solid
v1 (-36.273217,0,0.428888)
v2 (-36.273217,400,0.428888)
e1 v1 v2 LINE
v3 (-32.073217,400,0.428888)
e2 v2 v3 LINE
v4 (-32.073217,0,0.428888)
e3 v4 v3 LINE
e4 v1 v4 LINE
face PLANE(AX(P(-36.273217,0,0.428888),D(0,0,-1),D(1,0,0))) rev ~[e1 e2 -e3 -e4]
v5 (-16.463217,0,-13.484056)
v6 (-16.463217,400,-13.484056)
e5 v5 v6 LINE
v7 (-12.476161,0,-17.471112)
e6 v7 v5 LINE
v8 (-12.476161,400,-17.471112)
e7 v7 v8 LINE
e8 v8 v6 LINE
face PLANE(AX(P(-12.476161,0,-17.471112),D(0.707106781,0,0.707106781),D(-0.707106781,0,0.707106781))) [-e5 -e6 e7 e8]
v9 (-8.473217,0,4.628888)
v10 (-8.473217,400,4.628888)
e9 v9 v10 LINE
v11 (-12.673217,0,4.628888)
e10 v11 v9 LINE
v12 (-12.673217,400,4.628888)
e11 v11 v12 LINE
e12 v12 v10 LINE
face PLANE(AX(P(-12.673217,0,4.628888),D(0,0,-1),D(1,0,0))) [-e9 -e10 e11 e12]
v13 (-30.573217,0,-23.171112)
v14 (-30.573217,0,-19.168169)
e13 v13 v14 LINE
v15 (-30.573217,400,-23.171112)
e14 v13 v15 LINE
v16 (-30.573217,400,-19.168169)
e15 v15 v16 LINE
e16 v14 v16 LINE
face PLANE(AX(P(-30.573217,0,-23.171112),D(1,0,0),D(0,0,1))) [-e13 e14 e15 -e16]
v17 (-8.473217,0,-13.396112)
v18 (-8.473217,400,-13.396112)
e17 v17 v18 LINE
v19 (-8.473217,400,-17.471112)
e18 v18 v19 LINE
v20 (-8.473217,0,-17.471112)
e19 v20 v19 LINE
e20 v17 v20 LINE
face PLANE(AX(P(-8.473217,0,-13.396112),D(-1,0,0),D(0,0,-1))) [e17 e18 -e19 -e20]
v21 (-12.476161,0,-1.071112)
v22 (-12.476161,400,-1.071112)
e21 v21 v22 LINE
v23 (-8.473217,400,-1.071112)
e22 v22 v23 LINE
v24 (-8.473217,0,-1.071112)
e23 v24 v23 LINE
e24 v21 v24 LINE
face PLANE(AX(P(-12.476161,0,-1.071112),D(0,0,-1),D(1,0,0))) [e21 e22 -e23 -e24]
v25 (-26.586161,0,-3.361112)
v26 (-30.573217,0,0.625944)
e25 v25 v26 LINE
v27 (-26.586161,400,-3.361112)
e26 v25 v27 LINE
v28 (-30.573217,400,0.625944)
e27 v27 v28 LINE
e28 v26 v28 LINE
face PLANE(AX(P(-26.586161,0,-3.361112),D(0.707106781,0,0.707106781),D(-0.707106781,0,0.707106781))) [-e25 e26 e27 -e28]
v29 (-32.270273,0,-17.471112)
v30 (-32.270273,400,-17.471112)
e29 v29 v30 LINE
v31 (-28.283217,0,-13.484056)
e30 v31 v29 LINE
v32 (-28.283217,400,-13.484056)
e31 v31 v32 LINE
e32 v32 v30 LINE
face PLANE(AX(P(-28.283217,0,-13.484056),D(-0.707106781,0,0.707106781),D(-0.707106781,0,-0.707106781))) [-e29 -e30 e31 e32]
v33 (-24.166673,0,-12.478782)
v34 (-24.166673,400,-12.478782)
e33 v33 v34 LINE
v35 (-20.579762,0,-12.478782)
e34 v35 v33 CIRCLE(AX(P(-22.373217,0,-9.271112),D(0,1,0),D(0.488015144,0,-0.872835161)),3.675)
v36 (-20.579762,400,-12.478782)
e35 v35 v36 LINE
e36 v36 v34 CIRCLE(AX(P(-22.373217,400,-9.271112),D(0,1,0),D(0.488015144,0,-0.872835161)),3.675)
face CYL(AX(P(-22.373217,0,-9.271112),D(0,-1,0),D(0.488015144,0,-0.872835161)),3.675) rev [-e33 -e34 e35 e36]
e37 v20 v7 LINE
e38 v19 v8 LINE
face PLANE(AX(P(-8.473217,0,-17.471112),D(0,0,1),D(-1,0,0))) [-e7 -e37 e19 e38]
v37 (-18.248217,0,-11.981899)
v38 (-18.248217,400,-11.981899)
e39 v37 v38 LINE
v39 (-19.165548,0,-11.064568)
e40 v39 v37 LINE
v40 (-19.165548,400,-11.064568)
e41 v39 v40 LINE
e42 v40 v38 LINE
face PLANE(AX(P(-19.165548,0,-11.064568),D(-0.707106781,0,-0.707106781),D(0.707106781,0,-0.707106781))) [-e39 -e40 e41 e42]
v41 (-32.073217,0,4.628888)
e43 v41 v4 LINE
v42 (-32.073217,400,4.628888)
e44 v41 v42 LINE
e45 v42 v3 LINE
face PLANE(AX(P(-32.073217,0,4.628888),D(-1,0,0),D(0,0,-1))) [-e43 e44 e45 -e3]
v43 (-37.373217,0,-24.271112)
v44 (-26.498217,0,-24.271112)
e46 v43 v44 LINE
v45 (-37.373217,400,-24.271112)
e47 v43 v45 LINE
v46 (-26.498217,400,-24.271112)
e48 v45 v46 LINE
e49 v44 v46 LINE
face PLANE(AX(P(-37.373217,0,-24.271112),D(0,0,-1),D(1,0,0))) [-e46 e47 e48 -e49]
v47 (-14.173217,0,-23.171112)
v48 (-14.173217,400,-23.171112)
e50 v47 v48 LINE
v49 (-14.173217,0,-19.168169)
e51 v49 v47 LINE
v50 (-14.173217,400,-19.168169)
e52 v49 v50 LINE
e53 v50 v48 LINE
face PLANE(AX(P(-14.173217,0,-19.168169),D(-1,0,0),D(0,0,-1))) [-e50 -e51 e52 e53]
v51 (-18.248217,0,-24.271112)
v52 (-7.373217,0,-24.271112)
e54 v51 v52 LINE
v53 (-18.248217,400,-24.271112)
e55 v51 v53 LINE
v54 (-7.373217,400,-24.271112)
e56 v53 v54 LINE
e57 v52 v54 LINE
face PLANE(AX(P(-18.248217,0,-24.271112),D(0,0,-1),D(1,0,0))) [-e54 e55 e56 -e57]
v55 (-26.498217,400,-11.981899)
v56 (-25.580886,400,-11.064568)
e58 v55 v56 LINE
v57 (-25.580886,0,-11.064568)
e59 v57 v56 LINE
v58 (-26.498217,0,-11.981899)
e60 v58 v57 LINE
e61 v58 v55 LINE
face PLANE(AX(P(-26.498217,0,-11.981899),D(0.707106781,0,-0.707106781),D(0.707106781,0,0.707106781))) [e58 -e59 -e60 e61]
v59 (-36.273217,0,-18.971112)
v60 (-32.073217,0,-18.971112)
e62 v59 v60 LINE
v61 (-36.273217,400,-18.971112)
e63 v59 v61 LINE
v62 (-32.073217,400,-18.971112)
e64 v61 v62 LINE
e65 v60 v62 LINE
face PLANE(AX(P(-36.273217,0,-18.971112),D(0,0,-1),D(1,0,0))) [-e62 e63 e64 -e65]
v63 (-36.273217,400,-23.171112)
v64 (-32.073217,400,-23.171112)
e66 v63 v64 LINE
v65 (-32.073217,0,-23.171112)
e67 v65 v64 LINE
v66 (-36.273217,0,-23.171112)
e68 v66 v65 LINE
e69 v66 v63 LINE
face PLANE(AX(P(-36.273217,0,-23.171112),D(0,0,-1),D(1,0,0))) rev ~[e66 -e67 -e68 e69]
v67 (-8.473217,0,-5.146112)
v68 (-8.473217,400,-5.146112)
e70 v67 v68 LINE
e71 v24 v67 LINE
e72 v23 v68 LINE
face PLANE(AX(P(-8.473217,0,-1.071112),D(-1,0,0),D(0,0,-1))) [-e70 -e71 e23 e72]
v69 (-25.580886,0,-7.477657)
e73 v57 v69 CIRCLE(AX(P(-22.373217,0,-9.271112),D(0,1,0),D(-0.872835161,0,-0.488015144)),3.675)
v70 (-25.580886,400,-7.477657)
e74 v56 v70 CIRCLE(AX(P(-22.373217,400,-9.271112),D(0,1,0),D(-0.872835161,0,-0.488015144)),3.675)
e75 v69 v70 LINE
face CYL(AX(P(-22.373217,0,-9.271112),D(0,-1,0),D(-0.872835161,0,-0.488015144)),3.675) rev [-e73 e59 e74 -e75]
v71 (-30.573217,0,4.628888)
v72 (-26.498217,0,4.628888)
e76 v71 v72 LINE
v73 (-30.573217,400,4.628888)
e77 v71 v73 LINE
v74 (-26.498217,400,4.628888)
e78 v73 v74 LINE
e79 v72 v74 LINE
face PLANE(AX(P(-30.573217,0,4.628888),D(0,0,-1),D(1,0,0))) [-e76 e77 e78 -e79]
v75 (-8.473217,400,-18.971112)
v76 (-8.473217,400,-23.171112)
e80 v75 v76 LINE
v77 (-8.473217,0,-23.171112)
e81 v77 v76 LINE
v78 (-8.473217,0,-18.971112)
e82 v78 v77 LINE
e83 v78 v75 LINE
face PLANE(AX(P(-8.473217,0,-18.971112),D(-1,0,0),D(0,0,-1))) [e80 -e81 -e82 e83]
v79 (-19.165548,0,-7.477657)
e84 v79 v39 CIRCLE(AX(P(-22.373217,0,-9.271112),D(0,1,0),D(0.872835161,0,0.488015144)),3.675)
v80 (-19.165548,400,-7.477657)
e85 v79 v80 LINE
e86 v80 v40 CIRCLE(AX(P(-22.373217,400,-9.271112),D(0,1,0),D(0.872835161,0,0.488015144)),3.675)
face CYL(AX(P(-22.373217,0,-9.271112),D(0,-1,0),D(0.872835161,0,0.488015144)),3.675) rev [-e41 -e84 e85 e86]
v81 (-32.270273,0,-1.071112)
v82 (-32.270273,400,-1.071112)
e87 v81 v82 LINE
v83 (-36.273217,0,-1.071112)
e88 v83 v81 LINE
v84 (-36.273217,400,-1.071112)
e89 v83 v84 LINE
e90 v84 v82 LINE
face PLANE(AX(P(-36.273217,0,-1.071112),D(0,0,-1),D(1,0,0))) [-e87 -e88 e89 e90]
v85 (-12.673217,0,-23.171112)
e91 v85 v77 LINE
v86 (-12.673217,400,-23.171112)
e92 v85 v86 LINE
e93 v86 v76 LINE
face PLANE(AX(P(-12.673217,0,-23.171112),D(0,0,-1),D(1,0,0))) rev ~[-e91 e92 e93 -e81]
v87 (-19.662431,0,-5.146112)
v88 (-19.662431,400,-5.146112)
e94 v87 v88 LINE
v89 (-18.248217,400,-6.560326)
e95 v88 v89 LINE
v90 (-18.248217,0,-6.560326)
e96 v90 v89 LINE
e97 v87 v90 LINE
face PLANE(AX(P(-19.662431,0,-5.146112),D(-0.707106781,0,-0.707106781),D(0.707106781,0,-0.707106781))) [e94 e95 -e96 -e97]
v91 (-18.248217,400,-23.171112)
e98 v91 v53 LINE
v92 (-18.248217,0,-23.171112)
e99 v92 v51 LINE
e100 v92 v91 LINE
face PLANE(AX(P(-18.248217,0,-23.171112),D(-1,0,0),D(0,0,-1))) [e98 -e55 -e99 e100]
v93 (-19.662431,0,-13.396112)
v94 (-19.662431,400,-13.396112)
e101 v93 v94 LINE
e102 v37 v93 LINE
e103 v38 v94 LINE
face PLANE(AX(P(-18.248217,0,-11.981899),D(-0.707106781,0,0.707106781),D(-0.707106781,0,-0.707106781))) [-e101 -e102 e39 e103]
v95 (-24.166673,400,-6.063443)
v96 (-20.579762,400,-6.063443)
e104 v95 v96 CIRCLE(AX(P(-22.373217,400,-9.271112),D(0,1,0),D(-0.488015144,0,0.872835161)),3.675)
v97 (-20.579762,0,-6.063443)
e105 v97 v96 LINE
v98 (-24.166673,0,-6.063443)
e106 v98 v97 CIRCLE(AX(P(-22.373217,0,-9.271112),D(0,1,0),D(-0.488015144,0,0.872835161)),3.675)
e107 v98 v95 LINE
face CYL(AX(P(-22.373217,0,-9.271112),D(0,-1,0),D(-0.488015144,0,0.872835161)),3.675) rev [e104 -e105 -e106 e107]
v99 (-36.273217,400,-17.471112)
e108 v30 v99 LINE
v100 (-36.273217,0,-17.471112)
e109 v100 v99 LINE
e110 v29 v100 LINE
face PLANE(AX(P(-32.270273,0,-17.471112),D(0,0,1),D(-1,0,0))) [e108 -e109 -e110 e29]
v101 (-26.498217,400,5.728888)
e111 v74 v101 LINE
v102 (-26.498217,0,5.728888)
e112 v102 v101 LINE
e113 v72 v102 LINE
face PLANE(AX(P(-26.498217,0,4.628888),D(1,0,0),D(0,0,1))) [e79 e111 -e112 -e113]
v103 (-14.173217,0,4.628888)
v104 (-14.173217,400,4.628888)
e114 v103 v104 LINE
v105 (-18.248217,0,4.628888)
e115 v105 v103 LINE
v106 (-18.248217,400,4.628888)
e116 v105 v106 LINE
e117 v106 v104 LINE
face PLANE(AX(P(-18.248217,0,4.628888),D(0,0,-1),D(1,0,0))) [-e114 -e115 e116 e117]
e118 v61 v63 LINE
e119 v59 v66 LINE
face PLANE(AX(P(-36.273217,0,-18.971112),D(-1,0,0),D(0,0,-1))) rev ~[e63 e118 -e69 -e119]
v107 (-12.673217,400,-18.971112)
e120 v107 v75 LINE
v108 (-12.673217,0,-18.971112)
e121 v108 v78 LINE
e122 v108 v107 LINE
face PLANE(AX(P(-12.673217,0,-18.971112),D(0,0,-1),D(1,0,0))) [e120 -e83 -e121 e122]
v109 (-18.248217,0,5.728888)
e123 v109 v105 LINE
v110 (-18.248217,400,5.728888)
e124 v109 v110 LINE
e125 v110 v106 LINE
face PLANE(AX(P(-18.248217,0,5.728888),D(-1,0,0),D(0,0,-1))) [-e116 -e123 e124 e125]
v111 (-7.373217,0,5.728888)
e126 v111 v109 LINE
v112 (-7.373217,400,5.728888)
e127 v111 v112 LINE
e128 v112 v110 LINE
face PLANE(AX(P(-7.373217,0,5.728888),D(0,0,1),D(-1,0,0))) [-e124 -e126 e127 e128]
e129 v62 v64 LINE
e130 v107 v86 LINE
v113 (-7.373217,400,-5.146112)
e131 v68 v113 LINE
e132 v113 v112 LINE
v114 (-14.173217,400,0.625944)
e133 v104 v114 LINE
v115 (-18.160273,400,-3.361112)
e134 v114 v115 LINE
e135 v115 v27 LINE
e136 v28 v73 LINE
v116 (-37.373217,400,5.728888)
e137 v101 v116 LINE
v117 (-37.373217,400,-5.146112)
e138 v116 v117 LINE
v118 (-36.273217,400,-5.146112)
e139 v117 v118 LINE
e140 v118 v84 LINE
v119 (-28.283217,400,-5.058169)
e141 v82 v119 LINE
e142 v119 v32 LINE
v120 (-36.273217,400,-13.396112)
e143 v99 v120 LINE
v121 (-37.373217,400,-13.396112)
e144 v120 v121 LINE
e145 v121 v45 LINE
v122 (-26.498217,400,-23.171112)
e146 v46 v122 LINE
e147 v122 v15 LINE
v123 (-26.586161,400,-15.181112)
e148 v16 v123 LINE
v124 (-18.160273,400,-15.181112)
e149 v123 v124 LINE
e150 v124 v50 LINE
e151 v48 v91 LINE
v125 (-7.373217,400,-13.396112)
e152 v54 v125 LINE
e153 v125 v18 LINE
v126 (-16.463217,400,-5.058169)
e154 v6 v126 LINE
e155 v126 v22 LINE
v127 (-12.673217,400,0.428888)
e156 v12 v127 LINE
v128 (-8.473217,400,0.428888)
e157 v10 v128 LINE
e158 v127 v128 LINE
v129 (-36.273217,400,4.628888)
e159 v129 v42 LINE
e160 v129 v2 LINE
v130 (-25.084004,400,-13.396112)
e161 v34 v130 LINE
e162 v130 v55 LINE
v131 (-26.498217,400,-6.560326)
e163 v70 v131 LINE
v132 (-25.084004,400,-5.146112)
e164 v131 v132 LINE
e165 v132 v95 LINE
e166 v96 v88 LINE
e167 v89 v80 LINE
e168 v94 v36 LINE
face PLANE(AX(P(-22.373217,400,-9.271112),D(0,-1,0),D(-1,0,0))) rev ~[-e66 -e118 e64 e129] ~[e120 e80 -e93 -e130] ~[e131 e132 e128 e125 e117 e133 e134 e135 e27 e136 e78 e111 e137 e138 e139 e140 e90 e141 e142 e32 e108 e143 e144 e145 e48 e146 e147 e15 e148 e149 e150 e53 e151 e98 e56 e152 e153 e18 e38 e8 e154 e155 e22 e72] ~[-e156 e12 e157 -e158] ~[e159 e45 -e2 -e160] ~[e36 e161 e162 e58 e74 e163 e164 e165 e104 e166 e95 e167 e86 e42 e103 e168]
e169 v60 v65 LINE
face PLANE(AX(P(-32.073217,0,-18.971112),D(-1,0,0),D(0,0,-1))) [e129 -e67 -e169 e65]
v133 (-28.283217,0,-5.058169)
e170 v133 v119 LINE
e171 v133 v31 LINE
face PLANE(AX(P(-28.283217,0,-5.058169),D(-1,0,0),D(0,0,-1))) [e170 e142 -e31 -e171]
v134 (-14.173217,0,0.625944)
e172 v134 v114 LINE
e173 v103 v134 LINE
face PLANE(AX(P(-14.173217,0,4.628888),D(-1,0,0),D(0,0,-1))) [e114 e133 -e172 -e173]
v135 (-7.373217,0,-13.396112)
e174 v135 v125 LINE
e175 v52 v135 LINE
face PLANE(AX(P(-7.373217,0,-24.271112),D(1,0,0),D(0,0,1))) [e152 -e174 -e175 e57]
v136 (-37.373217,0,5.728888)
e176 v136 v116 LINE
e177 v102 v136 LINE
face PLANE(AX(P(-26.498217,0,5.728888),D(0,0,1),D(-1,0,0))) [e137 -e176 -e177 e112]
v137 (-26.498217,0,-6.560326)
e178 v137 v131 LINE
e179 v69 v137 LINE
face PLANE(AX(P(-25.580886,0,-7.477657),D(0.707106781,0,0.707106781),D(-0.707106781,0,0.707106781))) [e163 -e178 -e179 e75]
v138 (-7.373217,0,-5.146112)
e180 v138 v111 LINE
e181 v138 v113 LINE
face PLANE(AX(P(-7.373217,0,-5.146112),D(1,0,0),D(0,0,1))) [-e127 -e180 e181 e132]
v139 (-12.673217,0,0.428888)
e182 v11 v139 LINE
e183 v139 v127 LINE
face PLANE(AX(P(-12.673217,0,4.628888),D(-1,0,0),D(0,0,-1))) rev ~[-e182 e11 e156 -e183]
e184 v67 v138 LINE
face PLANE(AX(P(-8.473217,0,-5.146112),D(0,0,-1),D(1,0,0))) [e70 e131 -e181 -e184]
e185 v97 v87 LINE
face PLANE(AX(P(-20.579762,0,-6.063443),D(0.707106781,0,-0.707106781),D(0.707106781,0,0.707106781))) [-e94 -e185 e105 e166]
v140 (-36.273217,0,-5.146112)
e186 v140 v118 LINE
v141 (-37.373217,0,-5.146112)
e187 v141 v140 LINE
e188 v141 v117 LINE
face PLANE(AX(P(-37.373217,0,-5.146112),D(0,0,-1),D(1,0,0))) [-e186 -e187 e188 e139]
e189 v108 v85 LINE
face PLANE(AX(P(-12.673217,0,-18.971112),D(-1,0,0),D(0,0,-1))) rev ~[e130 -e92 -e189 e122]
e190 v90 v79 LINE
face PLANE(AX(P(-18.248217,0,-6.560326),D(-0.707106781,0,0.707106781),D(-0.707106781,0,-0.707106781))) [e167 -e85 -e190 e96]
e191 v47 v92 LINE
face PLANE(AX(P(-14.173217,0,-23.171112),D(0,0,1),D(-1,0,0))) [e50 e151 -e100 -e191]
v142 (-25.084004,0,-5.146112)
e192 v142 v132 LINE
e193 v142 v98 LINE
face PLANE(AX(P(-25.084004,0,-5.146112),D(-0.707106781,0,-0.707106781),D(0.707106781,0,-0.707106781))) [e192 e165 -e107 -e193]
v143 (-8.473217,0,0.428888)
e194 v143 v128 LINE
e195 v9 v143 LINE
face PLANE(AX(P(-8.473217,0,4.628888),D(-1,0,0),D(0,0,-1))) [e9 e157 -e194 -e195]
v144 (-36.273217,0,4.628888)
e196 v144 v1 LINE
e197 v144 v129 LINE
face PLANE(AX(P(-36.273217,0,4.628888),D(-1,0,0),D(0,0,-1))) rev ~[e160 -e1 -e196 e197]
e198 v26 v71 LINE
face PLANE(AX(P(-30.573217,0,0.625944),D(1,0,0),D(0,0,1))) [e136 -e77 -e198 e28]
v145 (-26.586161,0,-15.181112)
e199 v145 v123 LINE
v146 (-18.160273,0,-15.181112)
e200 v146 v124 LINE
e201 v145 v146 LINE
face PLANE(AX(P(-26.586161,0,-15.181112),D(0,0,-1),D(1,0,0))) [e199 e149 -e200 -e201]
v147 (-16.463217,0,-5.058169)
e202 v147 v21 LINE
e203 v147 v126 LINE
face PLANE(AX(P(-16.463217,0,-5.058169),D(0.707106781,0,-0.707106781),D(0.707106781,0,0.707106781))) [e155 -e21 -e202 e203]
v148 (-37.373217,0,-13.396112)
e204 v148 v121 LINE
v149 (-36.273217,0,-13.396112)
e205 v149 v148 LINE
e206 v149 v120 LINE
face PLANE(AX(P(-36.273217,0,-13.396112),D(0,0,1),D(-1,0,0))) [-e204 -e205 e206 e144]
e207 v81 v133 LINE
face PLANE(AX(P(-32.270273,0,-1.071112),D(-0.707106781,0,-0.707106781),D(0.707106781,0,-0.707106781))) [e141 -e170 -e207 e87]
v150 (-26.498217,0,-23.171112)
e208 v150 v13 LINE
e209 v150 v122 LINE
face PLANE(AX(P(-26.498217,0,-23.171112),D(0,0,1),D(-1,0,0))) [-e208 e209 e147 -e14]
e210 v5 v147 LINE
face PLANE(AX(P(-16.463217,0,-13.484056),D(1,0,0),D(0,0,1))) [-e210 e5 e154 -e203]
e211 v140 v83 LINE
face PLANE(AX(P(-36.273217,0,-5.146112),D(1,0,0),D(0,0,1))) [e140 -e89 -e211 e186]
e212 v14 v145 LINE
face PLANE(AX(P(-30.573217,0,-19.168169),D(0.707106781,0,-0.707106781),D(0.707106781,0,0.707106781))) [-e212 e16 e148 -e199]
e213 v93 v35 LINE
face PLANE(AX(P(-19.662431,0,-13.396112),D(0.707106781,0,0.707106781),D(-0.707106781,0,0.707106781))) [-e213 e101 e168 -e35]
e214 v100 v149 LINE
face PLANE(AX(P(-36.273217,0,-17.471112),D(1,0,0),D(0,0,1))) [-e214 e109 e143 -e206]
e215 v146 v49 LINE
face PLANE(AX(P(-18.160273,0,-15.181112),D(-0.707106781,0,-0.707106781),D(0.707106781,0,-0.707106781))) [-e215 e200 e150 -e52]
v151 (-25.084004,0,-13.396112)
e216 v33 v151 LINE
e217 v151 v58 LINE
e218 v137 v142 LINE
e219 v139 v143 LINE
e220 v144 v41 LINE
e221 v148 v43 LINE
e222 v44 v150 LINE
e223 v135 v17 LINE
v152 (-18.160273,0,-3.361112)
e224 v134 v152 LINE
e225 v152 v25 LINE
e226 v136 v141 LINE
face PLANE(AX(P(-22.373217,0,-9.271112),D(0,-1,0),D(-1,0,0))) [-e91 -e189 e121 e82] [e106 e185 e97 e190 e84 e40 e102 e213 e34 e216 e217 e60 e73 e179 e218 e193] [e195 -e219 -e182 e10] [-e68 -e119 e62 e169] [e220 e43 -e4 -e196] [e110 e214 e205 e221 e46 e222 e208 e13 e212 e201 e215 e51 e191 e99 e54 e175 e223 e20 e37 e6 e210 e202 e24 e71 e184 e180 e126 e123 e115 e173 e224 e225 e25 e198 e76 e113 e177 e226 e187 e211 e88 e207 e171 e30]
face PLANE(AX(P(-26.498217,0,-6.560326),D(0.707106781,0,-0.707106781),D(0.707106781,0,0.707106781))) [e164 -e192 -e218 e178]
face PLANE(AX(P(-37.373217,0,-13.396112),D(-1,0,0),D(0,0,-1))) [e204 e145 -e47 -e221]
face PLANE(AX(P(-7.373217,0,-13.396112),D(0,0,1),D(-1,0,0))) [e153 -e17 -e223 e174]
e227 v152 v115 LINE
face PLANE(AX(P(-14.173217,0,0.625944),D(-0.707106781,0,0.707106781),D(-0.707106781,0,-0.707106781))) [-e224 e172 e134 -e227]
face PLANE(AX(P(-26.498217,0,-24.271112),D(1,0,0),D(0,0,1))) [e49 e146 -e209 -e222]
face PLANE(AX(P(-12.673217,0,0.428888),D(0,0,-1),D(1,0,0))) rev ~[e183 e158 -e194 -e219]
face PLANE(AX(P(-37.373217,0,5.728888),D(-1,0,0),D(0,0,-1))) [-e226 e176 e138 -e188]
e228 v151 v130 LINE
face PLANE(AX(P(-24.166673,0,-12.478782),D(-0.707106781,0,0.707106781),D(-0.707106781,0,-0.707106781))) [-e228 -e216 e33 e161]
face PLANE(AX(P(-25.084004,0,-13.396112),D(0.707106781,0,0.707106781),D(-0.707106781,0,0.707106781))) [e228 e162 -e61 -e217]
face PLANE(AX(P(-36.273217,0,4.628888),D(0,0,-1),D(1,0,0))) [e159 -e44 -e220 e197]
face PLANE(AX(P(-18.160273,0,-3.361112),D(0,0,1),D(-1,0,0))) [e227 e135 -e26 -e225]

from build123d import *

# Parameters (mm, degrees)
CROQUIS2_W              = 4.2
CROQUIS2_H              = 4.2
SALIENTE_EXTRUIR1_DEPTH = 400


with BuildPart() as part:
    # Croquis2 → Saliente-Extruir1 (new body)
    with BuildSketch(Plane(origin=(0, 0, 0), x_dir=(1, 0, 0), z_dir=(0, 1, 0))):
        Polygon((-37.373217156, 24.271112291), (-26.498217156, 24.271112291), (-26.498217156, 23.171112291), (-30.573217156, 23.171112291), (-30.573217156, 19.168168566), (-26.586160881, 15.181112291), (-18.160273431, 15.181112291), (-14.173217156, 19.168168566), (-14.173217156, 23.171112291), (-18.248217156, 23.171112291), (-18.248217156, 24.271112291), (-7.373217156, 24.271112291), (-7.373217156, 13.396112291), (-8.473217156, 13.396112291), (-8.473217156, 17.471112291), (-12.476160881, 17.471112291), (-16.463217156, 13.484056016), (-16.463217156, 5.058168566), (-12.476160881, 1.071112291), (-8.473217156, 1.071112291), (-8.473217156, 5.146112291), (-7.373217156, 5.146112291), (-7.373217156, -5.728887709), (-18.248217156, -5.728887709), (-18.248217156, -4.628887709), (-14.173217156, -4.628887709), (-14.173217156, -0.625943984), (-18.160273431, 3.361112291), (-26.586160881, 3.361112291), (-30.573217156, -0.625943984), (-30.573217156, -4.628887709), (-26.498217156, -4.628887709), (-26.498217156, -5.728887709), (-37.373217156, -5.728887709), (-37.373217156, 5.146112291), (-36.273217156, 5.146112291), (-36.273217156, 1.071112291), (-32.270273431, 1.071112291), (-28.283217156, 5.058168566), (-28.283217156, 13.484056016), (-32.270273431, 17.471112291), (-36.273217156, 17.471112291), (-36.273217156, 13.396112291), (-37.373217156, 13.396112291), align=None)
        with Locations((-10.573217156, 21.071112291)):
            Rectangle(CROQUIS2_W, CROQUIS2_H, mode=Mode.SUBTRACT)
        with Locations((-34.173217156, -2.528887709)):
            Rectangle(CROQUIS2_W, CROQUIS2_H, mode=Mode.SUBTRACT)
        with Locations((-34.173217156, 21.071112291)):
            Rectangle(CROQUIS2_W, CROQUIS2_H, mode=Mode.SUBTRACT)
        with Locations((-10.573217156, -2.528887709)):
            Rectangle(CROQUIS2_W, CROQUIS2_H, mode=Mode.SUBTRACT)
        with BuildLine():
            Line((-19.165547938, 11.064567946), (-18.248217156, 11.981898728))
            Line((-18.248217156, 11.981898728), (-19.662430718, 13.396112291))
            Line((-19.662430718, 13.396112291), (-20.5797615, 12.478781509))
            ThreePointArc((-20.5797615, 12.478781509), (-22.373217156, 12.946112291), (-24.166672811, 12.478781509))
            Line((-24.166672811, 12.478781509), (-25.084003593, 13.396112291))
            Line((-25.084003593, 13.396112291), (-26.498217156, 11.981898728))
            Line((-26.498217156, 11.981898728), (-25.580886374, 11.064567946))
            ThreePointArc((-25.580886374, 11.064567946), (-26.048217156, 9.271112291), (-25.580886374, 7.477656635))
            Line((-25.580886374, 7.477656635), (-26.498217156, 6.560325853))
            Line((-26.498217156, 6.560325853), (-25.084003593, 5.146112291))
            Line((-25.084003593, 5.146112291), (-24.166672811, 6.063443073))
            ThreePointArc((-24.166672811, 6.063443073), (-22.373217156, 5.596112291), (-20.5797615, 6.063443073))
            Line((-20.5797615, 6.063443073), (-19.662430718, 5.146112291))
            Line((-19.662430718, 5.146112291), (-18.248217156, 6.560325853))
            Line((-18.248217156, 6.560325853), (-19.165547938, 7.477656635))
            ThreePointArc((-19.165547938, 7.477656635), (-18.698217156, 9.271112291), (-19.165547938, 11.064567946))
        make_face(mode=Mode.SUBTRACT)
    extrude(amount=SALIENTE_EXTRUIR1_DEPTH)


solid = part.part
